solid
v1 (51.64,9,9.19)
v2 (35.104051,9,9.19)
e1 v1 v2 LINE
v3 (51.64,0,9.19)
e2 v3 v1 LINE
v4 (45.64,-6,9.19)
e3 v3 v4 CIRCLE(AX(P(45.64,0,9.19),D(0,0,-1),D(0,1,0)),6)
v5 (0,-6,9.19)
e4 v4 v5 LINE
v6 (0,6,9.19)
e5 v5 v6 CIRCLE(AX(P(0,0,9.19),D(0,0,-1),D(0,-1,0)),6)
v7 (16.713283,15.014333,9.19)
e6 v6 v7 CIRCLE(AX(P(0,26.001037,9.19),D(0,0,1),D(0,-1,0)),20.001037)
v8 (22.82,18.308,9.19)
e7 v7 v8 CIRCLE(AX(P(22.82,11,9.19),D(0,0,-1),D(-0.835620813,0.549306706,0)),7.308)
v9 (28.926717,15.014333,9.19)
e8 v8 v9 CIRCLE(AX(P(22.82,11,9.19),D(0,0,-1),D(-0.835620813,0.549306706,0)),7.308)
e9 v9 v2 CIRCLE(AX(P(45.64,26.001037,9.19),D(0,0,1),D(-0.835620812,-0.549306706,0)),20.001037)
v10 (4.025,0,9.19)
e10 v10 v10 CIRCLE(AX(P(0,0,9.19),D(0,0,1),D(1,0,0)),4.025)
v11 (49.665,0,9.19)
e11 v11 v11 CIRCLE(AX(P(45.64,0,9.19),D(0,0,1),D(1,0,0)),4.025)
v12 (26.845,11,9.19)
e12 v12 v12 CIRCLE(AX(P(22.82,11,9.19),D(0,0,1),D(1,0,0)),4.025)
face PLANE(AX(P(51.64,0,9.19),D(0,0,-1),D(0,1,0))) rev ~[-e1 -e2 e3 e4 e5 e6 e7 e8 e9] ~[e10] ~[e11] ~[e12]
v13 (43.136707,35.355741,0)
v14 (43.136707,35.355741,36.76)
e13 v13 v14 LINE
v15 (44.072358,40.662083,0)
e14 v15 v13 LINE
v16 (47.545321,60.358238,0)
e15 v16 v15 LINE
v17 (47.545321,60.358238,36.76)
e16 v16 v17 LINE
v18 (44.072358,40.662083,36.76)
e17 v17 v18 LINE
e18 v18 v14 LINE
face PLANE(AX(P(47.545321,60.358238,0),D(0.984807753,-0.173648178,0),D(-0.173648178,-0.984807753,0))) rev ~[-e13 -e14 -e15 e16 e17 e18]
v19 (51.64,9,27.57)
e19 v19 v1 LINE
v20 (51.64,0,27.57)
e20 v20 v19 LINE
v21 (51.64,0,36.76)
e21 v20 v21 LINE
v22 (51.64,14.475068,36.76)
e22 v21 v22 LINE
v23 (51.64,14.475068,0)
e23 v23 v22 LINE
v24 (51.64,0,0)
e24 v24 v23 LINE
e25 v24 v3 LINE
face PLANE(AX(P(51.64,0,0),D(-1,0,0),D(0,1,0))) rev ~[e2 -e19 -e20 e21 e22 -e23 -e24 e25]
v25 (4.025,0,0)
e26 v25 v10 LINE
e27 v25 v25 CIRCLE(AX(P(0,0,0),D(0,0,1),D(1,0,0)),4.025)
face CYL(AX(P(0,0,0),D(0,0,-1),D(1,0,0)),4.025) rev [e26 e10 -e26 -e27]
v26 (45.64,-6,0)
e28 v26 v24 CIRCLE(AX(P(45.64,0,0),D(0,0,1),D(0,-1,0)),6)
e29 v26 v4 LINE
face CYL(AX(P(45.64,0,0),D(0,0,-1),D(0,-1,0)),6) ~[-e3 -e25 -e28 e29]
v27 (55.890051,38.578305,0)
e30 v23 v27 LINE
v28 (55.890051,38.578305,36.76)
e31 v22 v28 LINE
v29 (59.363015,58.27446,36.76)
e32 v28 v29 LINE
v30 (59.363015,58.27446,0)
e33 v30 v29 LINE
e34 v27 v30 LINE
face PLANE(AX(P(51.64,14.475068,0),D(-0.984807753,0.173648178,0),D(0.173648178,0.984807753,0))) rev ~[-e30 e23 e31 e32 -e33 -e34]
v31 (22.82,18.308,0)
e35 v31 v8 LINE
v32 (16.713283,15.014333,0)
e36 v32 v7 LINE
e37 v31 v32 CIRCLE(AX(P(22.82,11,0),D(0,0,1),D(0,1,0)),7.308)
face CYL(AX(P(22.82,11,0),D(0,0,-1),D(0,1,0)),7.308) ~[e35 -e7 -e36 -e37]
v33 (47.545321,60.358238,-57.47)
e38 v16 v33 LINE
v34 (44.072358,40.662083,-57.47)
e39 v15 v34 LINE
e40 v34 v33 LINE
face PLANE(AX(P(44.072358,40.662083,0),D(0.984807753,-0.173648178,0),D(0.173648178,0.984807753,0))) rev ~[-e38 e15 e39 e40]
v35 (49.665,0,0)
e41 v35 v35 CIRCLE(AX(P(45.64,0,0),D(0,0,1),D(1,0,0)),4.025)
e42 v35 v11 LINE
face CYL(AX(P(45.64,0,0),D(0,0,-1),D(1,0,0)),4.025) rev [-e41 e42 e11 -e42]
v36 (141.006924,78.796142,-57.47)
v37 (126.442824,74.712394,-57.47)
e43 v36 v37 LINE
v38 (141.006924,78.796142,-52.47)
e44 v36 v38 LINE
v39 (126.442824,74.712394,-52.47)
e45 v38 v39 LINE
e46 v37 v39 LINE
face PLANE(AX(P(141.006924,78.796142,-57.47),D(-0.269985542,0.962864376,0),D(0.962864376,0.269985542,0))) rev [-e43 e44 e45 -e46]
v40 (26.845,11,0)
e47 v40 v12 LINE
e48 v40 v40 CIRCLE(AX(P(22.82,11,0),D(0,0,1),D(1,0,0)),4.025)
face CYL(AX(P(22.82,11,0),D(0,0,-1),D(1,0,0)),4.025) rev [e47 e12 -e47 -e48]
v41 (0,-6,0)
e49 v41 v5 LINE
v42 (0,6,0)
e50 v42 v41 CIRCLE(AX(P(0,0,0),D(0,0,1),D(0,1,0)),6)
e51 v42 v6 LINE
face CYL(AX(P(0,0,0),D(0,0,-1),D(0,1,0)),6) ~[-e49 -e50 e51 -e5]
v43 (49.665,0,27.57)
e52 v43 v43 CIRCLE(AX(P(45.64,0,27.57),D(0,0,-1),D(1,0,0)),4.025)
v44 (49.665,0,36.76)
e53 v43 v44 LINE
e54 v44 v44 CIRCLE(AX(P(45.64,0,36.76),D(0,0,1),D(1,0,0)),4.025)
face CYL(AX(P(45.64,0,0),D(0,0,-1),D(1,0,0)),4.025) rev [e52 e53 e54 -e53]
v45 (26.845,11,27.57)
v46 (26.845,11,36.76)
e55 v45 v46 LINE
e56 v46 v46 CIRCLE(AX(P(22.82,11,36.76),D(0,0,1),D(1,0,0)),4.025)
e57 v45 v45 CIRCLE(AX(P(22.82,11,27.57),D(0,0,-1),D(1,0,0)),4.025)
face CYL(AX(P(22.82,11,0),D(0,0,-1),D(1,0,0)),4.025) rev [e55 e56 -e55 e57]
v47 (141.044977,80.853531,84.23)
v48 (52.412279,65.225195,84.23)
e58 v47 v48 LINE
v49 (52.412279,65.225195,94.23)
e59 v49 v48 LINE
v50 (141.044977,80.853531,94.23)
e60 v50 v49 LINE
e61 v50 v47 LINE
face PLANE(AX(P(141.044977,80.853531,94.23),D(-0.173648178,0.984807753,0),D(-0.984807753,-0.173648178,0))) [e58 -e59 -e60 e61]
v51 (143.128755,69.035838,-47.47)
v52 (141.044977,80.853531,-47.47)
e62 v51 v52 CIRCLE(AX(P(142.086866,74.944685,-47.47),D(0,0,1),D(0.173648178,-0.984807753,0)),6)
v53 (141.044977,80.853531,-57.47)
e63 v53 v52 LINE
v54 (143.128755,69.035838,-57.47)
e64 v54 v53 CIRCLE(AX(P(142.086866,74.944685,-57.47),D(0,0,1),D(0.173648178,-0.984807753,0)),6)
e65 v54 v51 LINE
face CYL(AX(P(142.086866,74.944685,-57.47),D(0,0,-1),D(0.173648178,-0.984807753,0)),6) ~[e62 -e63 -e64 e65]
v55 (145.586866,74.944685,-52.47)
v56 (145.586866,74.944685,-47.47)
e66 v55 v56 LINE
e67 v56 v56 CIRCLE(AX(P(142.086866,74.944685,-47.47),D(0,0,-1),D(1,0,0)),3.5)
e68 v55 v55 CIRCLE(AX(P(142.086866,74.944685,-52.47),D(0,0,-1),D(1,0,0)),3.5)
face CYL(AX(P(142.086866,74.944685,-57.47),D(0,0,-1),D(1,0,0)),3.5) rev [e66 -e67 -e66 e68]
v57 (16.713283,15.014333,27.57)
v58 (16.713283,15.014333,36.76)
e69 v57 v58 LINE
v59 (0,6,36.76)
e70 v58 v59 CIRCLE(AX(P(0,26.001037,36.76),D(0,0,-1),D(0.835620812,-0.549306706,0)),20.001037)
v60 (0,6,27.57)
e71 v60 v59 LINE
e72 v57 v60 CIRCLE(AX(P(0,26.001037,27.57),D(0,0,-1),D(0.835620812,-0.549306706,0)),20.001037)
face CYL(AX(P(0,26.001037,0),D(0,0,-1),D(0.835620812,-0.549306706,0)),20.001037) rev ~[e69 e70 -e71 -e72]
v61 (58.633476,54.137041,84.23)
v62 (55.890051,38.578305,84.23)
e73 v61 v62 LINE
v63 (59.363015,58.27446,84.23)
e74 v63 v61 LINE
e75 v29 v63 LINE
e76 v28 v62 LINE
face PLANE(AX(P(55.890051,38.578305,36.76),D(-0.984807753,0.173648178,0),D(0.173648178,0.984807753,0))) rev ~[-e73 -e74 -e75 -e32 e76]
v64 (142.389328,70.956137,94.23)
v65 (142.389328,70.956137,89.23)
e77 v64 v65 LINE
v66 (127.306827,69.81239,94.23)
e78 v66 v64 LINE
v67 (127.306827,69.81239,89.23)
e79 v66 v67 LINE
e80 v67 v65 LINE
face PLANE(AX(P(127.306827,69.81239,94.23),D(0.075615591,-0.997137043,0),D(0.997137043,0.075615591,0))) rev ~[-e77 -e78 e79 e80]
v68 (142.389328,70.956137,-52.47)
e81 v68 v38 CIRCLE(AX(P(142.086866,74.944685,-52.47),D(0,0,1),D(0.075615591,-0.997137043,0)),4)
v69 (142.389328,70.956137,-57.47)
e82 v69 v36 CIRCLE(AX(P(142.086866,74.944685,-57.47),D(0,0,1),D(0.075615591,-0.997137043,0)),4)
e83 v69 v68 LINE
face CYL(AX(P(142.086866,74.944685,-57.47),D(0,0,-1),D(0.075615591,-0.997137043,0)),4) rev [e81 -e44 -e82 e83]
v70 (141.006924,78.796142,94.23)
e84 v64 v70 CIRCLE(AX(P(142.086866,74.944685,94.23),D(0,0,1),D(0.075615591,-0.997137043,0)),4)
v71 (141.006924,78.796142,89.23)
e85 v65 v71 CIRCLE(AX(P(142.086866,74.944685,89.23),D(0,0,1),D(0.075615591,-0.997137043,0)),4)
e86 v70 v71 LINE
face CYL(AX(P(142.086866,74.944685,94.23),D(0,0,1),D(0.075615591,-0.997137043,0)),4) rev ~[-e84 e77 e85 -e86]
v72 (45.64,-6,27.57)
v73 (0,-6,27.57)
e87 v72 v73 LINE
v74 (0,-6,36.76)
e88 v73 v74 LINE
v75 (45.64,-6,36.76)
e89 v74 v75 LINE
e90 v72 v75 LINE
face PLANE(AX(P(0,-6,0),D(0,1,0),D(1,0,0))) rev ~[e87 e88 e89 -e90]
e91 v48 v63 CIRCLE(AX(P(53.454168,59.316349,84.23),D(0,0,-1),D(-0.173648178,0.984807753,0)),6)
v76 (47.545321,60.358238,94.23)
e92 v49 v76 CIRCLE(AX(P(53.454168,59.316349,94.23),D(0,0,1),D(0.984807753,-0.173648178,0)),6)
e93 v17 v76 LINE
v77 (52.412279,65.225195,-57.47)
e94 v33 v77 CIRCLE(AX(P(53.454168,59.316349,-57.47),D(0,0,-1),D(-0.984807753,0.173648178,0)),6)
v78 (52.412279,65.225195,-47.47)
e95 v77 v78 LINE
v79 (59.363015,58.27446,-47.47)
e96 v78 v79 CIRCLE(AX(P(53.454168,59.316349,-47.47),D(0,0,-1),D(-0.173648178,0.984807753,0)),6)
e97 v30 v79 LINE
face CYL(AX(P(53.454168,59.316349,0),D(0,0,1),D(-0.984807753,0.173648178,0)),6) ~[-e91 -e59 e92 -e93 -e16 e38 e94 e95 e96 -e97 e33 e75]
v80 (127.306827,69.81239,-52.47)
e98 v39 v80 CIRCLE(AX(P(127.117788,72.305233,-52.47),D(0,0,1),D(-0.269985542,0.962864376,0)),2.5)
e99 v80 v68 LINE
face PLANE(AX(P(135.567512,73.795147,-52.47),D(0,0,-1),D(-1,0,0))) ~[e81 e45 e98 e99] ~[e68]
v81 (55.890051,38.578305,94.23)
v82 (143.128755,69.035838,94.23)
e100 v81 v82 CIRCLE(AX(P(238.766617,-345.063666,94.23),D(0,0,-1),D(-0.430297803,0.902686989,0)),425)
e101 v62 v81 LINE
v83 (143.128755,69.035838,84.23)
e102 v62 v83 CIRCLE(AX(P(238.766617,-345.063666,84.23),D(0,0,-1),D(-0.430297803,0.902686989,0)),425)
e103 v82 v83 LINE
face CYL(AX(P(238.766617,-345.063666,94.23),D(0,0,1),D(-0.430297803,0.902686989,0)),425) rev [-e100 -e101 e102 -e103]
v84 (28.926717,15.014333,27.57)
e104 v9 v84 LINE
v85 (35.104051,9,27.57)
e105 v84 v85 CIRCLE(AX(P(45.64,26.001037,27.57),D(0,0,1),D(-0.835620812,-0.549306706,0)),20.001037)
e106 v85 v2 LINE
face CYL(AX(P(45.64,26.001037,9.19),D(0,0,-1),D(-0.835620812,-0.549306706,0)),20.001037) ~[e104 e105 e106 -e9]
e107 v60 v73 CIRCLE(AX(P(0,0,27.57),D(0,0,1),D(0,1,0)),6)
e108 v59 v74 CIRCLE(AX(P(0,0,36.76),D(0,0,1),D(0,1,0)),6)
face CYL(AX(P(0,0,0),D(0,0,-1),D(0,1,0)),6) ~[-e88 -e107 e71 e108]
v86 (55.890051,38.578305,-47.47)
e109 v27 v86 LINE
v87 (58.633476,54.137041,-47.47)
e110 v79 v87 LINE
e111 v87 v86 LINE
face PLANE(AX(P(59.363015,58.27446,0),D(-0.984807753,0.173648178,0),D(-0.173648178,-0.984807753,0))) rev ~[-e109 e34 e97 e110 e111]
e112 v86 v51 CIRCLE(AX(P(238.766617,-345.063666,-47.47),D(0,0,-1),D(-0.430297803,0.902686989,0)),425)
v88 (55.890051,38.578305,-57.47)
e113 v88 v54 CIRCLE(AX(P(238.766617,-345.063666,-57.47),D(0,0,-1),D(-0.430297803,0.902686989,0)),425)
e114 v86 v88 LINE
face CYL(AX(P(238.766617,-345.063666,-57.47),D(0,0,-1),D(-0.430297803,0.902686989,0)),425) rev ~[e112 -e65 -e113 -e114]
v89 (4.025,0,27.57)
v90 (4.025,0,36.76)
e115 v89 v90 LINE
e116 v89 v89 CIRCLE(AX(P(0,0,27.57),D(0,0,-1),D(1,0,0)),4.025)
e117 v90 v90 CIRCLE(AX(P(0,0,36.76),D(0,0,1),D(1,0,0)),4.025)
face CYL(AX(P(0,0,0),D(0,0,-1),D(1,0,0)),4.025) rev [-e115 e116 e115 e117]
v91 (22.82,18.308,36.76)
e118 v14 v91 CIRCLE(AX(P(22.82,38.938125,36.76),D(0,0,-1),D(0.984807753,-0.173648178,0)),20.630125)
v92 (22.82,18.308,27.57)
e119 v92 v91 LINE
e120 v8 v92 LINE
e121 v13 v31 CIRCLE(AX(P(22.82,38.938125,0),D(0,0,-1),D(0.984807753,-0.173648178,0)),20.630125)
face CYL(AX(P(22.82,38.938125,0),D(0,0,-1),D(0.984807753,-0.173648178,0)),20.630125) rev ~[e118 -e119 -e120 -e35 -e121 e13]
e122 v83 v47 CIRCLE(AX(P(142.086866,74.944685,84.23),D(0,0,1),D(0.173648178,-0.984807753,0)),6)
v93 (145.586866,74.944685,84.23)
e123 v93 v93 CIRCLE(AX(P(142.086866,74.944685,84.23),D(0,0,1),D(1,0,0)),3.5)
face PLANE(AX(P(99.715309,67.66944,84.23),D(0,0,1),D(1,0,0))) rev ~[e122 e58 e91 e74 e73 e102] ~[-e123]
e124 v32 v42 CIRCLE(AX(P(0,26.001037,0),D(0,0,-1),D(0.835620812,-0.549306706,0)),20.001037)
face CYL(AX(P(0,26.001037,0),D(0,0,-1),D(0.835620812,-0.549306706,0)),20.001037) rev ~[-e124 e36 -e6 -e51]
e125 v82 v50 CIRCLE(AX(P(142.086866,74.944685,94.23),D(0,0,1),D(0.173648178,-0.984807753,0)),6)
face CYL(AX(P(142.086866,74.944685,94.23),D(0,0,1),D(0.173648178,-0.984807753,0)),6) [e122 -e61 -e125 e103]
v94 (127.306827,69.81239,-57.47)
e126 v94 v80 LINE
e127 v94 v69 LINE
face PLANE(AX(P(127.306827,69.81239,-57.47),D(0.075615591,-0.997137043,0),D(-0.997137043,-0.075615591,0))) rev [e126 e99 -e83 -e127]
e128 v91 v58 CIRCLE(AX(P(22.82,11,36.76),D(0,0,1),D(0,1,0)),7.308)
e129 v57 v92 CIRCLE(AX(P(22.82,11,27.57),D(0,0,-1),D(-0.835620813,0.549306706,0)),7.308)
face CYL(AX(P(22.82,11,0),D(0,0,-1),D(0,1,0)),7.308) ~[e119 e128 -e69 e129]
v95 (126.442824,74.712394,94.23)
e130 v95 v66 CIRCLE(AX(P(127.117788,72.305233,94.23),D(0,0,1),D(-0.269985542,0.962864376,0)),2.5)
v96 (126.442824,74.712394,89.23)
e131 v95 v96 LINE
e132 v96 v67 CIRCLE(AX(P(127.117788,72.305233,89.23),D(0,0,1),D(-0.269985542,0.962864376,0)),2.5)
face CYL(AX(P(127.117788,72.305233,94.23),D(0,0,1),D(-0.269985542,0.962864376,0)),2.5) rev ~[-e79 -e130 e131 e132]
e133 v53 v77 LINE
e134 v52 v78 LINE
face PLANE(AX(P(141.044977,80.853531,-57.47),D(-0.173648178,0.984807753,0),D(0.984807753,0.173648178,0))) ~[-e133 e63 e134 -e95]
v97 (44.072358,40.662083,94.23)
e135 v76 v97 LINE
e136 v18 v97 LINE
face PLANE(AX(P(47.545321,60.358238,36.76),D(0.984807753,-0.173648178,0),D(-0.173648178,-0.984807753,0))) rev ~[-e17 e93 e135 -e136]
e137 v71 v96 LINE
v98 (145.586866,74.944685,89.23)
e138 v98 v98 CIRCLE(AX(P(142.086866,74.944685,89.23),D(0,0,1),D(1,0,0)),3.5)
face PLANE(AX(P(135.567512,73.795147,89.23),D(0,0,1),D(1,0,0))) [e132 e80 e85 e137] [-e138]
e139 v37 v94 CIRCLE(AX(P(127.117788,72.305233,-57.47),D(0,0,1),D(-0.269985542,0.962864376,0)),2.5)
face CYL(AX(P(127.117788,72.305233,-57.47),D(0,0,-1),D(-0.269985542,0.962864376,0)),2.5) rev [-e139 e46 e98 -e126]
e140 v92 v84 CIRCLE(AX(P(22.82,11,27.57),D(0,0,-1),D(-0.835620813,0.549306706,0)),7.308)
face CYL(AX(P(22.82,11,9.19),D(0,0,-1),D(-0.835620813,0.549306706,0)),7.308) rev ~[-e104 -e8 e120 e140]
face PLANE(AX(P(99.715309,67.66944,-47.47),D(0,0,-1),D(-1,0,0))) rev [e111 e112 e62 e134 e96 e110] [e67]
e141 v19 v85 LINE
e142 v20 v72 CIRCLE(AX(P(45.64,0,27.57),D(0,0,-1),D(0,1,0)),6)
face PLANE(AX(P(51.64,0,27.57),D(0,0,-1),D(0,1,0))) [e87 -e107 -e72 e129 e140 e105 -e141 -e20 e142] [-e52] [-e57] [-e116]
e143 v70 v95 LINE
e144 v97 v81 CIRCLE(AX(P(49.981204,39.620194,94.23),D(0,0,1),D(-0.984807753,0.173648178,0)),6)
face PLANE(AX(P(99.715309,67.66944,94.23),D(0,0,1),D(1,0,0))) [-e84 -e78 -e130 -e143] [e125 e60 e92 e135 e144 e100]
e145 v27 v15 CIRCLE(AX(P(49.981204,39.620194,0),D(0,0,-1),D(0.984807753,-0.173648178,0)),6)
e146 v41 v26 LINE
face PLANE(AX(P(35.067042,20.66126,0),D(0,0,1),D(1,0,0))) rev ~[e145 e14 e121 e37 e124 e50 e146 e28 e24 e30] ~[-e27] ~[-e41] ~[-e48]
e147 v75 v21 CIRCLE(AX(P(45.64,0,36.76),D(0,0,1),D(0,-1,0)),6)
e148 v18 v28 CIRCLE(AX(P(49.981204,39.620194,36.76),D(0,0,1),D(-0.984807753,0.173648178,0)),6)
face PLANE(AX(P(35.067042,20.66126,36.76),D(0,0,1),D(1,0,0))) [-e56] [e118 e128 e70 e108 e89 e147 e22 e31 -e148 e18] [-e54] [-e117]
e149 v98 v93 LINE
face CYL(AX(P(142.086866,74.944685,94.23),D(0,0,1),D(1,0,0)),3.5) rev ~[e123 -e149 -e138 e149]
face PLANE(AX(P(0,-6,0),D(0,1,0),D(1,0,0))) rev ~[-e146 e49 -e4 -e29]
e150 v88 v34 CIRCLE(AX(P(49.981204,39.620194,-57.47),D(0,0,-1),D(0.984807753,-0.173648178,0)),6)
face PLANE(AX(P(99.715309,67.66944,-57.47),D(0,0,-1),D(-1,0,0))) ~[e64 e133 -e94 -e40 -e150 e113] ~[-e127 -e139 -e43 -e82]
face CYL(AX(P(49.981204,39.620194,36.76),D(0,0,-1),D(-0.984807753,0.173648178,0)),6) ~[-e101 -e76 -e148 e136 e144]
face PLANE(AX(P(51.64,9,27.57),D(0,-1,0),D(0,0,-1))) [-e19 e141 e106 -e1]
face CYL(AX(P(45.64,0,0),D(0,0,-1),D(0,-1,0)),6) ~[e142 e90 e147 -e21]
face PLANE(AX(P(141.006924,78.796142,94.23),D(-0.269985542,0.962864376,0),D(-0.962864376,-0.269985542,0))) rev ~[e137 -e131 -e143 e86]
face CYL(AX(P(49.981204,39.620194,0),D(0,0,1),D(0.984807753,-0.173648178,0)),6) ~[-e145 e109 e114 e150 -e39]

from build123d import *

# Parameters (mm, degrees)
SKETCH1_R               = 4.025
BOSS_EXTRUDE2_DEPTH     = 36.76
RIDE_SIDE_EXTRUDE_DEPTH = 57.47
LEFT_SIDE_EXTRUDE_DEPTH = 57.47
RIGHT_ARM_EXTRUDE_DEPTH = 10
SERVO_ARM_CUT_DEPTH     = 5
SKETCH18_R              = 3.5
SERVO_HOLE_DEPTH        = 152.7
SKETCH4_R               = 4.025
CUT_EXTRUDE2_DEPTH      = 18.38
SKETCH19_W              = 18.38
SKETCH19_H              = 9
CUT_EXTRUDE3_DEPTH      = 58.64


with BuildPart() as part:
    # Sketch1 → Boss-Extrude2 (new body)
    with BuildSketch(Plane.XY):
        with BuildLine():
            ThreePointArc((16.713283102, 15.01433341), (9.494630573, 8.397245558), (0, 6))
            ThreePointArc((0, 6), (-6, 0), (0, -6))
            Line((0, -6), (45.64, -6))
            ThreePointArc((45.64, -6), (49.882640687, -4.242640687), (51.64, 0))
            Line((51.64, 0), (51.64, 14.475068019))
            Line((51.64, 14.475068019), (59.363014513, 58.27445982))
            ThreePointArc((59.363014513, 58.27445982), (54.496057061, 65.225195404), (47.545321477, 60.358237952))
            Line((47.545321477, 60.358237952), (43.136706696, 35.355741095))
            ThreePointArc((43.136706696, 35.355741095), (36.080788508, 23.1345323), (22.82, 18.308))
            ThreePointArc((22.82, 18.308), (19.350841929, 17.432091905), (16.713283102, 15.01433341))
        make_face()
        Circle(SKETCH1_R, mode=Mode.SUBTRACT)
        with Locations((45.64, 0)):
            Circle(SKETCH1_R, mode=Mode.SUBTRACT)
        with Locations((22.82, 11)):
            Circle(SKETCH1_R, mode=Mode.SUBTRACT)
    extrude(amount=BOSS_EXTRUDE2_DEPTH)

    # Sketch5 → Ride-Side-Extrude (add)
    with BuildSketch(Plane.XY.offset(36.76)):
        with BuildLine():
            Line((55.89005096, 38.578304759), (59.363014513, 58.27445982))
            ThreePointArc((59.363014513, 58.27445982), (54.496057061, 65.225195404), (47.545321477, 60.358237952))
            Line((47.545321477, 60.358237952), (44.072357924, 40.662082891))
            ThreePointArc((44.072357924, 40.662082891), (48.939315376, 33.711347307), (55.89005096, 38.578304759))
        make_face()
    extrude(amount=RIDE_SIDE_EXTRUDE_DEPTH)

    # Sketch7 → Left-Side-Extrude (add)
    with BuildSketch(Plane(origin=(0, 0, 0), x_dir=(-1, 0, 0), z_dir=(0, 0, -1))):
        with BuildLine():
            Line((-44.072357924, 40.662082891), (-47.545321477, 60.358237952))
            ThreePointArc((-47.545321477, 60.358237952), (-54.496057061, 65.225195404), (-59.363014513, 58.27445982))
            Line((-59.363014513, 58.27445982), (-55.89005096, 38.578304759))
            ThreePointArc((-55.89005096, 38.578304759), (-48.939315376, 33.711347307), (-44.072357924, 40.662082891))
        make_face()
    extrude(amount=LEFT_SIDE_EXTRUDE_DEPTH)

    # Sketch16 → Right-Arm-Extrude (add)
    with BuildSketch(Plane.XY.offset(94.23)):
        with BuildLine():
            Line((141.0449767, 80.853531394), (52.412278929, 65.225195404))
            ThreePointArc((52.412278929, 65.225195404), (57.696808682, 63.558989573), (59.363014513, 58.27445982))
            Line((59.363014513, 58.27445982), (58.633475935, 54.137040945))
            Line((58.633475935, 54.137040945), (143.128754832, 69.035838357))
            ThreePointArc((143.128754832, 69.035838357), (147.995712284, 75.986573942), (141.0449767, 80.853531394))
        make_face()
        with BuildLine():
            ThreePointArc((55.89005096, 38.578304759), (98.679190662, 56.18502639), (143.128754832, 69.035838357))
            Line((143.128754832, 69.035838357), (58.633475935, 54.137040945))
            Line((58.633475935, 54.137040945), (55.89005096, 38.578304759))
        make_face()
    right_arm_extrude = extrude(amount=-RIGHT_ARM_EXTRUDE_DEPTH)

    # Sketch17 → Servo-Arm-Cut (cut)
    with BuildSketch(Plane.XY.offset(94.23)):
        with BuildLine():
            Line((141.006923599, 78.796142381), (126.442824066, 74.712393516))
            ThreePointArc((126.442824066, 74.712393516), (124.655768538, 71.871112131), (127.306826897, 69.812389968))
            Line((127.306826897, 69.812389968), (142.389328129, 70.956136704))
            ThreePointArc((142.389328129, 70.956136704), (146.026096778, 75.639277586), (141.006923599, 78.796142381))
        make_face()
    servo_arm_cut = extrude(amount=-SERVO_ARM_CUT_DEPTH, mode=Mode.SUBTRACT)

    # Sketch18 → Servo-hole (cut, through all)
    with BuildSketch(Plane.XY.offset(94.23)):
        with Locations((142.086865766, 74.944684876)):
            Circle(SKETCH18_R)
    servo_hole = extrude(amount=-SERVO_HOLE_DEPTH, mode=Mode.SUBTRACT)

    # Sketch4 → Cut-Extrude2 (cut)
    with BuildSketch(Plane(origin=(0, 0, 9.19), x_dir=(-1, 0, 0), z_dir=(0, 0, -1))):
        with BuildLine():
            Line((-45.64, -6), (0, -6))
            ThreePointArc((0, -6), (6, 0), (0, 6))
            ThreePointArc((0, 6), (-9.494630573, 8.397245558), (-16.713283102, 15.01433341))
            ThreePointArc((-16.713283102, 15.01433341), (-22.82, 18.308), (-28.926716898, 15.01433341))
            ThreePointArc((-28.926716898, 15.01433341), (-36.145369427, 8.397245558), (-45.64, 6))
            ThreePointArc((-45.64, 6), (-51.64, 0), (-45.64, -6))
        make_face()
        with Locations((-45.64, 0)):
            Circle(SKETCH4_R, mode=Mode.SUBTRACT)
        Circle(SKETCH4_R, mode=Mode.SUBTRACT)
        with Locations((-22.82, 11)):
            Circle(SKETCH4_R, mode=Mode.SUBTRACT)
    extrude(amount=-CUT_EXTRUDE2_DEPTH, mode=Mode.SUBTRACT)

    # Sketch19 → Cut-Extrude3 (cut, through all)
    with BuildSketch(Plane(origin=(51.64, 0, 0), x_dir=(0, 0, -1), z_dir=(1, 0, 0))):
        with Locations((-18.38, 4.5)):
            Rectangle(SKETCH19_W, SKETCH19_H)
    extrude(amount=-CUT_EXTRUDE3_DEPTH, mode=Mode.SUBTRACT)

    # Left-Arm Extrude: Right-Arm-Extrude, Servo-Arm-Cut, Servo-hole across plane
    add(right_arm_extrude.mirror(Plane(origin=(0, 0, 18.38), x_dir=(1, 0, 0), z_dir=(0, 0, -1))))
    add(servo_arm_cut.mirror(Plane(origin=(0, 0, 18.38), x_dir=(1, 0, 0), z_dir=(0, 0, -1))), mode=Mode.SUBTRACT)
    add(servo_hole.mirror(Plane(origin=(0, 0, 18.38), x_dir=(1, 0, 0), z_dir=(0, 0, -1))), mode=Mode.SUBTRACT)


solid = part.part
